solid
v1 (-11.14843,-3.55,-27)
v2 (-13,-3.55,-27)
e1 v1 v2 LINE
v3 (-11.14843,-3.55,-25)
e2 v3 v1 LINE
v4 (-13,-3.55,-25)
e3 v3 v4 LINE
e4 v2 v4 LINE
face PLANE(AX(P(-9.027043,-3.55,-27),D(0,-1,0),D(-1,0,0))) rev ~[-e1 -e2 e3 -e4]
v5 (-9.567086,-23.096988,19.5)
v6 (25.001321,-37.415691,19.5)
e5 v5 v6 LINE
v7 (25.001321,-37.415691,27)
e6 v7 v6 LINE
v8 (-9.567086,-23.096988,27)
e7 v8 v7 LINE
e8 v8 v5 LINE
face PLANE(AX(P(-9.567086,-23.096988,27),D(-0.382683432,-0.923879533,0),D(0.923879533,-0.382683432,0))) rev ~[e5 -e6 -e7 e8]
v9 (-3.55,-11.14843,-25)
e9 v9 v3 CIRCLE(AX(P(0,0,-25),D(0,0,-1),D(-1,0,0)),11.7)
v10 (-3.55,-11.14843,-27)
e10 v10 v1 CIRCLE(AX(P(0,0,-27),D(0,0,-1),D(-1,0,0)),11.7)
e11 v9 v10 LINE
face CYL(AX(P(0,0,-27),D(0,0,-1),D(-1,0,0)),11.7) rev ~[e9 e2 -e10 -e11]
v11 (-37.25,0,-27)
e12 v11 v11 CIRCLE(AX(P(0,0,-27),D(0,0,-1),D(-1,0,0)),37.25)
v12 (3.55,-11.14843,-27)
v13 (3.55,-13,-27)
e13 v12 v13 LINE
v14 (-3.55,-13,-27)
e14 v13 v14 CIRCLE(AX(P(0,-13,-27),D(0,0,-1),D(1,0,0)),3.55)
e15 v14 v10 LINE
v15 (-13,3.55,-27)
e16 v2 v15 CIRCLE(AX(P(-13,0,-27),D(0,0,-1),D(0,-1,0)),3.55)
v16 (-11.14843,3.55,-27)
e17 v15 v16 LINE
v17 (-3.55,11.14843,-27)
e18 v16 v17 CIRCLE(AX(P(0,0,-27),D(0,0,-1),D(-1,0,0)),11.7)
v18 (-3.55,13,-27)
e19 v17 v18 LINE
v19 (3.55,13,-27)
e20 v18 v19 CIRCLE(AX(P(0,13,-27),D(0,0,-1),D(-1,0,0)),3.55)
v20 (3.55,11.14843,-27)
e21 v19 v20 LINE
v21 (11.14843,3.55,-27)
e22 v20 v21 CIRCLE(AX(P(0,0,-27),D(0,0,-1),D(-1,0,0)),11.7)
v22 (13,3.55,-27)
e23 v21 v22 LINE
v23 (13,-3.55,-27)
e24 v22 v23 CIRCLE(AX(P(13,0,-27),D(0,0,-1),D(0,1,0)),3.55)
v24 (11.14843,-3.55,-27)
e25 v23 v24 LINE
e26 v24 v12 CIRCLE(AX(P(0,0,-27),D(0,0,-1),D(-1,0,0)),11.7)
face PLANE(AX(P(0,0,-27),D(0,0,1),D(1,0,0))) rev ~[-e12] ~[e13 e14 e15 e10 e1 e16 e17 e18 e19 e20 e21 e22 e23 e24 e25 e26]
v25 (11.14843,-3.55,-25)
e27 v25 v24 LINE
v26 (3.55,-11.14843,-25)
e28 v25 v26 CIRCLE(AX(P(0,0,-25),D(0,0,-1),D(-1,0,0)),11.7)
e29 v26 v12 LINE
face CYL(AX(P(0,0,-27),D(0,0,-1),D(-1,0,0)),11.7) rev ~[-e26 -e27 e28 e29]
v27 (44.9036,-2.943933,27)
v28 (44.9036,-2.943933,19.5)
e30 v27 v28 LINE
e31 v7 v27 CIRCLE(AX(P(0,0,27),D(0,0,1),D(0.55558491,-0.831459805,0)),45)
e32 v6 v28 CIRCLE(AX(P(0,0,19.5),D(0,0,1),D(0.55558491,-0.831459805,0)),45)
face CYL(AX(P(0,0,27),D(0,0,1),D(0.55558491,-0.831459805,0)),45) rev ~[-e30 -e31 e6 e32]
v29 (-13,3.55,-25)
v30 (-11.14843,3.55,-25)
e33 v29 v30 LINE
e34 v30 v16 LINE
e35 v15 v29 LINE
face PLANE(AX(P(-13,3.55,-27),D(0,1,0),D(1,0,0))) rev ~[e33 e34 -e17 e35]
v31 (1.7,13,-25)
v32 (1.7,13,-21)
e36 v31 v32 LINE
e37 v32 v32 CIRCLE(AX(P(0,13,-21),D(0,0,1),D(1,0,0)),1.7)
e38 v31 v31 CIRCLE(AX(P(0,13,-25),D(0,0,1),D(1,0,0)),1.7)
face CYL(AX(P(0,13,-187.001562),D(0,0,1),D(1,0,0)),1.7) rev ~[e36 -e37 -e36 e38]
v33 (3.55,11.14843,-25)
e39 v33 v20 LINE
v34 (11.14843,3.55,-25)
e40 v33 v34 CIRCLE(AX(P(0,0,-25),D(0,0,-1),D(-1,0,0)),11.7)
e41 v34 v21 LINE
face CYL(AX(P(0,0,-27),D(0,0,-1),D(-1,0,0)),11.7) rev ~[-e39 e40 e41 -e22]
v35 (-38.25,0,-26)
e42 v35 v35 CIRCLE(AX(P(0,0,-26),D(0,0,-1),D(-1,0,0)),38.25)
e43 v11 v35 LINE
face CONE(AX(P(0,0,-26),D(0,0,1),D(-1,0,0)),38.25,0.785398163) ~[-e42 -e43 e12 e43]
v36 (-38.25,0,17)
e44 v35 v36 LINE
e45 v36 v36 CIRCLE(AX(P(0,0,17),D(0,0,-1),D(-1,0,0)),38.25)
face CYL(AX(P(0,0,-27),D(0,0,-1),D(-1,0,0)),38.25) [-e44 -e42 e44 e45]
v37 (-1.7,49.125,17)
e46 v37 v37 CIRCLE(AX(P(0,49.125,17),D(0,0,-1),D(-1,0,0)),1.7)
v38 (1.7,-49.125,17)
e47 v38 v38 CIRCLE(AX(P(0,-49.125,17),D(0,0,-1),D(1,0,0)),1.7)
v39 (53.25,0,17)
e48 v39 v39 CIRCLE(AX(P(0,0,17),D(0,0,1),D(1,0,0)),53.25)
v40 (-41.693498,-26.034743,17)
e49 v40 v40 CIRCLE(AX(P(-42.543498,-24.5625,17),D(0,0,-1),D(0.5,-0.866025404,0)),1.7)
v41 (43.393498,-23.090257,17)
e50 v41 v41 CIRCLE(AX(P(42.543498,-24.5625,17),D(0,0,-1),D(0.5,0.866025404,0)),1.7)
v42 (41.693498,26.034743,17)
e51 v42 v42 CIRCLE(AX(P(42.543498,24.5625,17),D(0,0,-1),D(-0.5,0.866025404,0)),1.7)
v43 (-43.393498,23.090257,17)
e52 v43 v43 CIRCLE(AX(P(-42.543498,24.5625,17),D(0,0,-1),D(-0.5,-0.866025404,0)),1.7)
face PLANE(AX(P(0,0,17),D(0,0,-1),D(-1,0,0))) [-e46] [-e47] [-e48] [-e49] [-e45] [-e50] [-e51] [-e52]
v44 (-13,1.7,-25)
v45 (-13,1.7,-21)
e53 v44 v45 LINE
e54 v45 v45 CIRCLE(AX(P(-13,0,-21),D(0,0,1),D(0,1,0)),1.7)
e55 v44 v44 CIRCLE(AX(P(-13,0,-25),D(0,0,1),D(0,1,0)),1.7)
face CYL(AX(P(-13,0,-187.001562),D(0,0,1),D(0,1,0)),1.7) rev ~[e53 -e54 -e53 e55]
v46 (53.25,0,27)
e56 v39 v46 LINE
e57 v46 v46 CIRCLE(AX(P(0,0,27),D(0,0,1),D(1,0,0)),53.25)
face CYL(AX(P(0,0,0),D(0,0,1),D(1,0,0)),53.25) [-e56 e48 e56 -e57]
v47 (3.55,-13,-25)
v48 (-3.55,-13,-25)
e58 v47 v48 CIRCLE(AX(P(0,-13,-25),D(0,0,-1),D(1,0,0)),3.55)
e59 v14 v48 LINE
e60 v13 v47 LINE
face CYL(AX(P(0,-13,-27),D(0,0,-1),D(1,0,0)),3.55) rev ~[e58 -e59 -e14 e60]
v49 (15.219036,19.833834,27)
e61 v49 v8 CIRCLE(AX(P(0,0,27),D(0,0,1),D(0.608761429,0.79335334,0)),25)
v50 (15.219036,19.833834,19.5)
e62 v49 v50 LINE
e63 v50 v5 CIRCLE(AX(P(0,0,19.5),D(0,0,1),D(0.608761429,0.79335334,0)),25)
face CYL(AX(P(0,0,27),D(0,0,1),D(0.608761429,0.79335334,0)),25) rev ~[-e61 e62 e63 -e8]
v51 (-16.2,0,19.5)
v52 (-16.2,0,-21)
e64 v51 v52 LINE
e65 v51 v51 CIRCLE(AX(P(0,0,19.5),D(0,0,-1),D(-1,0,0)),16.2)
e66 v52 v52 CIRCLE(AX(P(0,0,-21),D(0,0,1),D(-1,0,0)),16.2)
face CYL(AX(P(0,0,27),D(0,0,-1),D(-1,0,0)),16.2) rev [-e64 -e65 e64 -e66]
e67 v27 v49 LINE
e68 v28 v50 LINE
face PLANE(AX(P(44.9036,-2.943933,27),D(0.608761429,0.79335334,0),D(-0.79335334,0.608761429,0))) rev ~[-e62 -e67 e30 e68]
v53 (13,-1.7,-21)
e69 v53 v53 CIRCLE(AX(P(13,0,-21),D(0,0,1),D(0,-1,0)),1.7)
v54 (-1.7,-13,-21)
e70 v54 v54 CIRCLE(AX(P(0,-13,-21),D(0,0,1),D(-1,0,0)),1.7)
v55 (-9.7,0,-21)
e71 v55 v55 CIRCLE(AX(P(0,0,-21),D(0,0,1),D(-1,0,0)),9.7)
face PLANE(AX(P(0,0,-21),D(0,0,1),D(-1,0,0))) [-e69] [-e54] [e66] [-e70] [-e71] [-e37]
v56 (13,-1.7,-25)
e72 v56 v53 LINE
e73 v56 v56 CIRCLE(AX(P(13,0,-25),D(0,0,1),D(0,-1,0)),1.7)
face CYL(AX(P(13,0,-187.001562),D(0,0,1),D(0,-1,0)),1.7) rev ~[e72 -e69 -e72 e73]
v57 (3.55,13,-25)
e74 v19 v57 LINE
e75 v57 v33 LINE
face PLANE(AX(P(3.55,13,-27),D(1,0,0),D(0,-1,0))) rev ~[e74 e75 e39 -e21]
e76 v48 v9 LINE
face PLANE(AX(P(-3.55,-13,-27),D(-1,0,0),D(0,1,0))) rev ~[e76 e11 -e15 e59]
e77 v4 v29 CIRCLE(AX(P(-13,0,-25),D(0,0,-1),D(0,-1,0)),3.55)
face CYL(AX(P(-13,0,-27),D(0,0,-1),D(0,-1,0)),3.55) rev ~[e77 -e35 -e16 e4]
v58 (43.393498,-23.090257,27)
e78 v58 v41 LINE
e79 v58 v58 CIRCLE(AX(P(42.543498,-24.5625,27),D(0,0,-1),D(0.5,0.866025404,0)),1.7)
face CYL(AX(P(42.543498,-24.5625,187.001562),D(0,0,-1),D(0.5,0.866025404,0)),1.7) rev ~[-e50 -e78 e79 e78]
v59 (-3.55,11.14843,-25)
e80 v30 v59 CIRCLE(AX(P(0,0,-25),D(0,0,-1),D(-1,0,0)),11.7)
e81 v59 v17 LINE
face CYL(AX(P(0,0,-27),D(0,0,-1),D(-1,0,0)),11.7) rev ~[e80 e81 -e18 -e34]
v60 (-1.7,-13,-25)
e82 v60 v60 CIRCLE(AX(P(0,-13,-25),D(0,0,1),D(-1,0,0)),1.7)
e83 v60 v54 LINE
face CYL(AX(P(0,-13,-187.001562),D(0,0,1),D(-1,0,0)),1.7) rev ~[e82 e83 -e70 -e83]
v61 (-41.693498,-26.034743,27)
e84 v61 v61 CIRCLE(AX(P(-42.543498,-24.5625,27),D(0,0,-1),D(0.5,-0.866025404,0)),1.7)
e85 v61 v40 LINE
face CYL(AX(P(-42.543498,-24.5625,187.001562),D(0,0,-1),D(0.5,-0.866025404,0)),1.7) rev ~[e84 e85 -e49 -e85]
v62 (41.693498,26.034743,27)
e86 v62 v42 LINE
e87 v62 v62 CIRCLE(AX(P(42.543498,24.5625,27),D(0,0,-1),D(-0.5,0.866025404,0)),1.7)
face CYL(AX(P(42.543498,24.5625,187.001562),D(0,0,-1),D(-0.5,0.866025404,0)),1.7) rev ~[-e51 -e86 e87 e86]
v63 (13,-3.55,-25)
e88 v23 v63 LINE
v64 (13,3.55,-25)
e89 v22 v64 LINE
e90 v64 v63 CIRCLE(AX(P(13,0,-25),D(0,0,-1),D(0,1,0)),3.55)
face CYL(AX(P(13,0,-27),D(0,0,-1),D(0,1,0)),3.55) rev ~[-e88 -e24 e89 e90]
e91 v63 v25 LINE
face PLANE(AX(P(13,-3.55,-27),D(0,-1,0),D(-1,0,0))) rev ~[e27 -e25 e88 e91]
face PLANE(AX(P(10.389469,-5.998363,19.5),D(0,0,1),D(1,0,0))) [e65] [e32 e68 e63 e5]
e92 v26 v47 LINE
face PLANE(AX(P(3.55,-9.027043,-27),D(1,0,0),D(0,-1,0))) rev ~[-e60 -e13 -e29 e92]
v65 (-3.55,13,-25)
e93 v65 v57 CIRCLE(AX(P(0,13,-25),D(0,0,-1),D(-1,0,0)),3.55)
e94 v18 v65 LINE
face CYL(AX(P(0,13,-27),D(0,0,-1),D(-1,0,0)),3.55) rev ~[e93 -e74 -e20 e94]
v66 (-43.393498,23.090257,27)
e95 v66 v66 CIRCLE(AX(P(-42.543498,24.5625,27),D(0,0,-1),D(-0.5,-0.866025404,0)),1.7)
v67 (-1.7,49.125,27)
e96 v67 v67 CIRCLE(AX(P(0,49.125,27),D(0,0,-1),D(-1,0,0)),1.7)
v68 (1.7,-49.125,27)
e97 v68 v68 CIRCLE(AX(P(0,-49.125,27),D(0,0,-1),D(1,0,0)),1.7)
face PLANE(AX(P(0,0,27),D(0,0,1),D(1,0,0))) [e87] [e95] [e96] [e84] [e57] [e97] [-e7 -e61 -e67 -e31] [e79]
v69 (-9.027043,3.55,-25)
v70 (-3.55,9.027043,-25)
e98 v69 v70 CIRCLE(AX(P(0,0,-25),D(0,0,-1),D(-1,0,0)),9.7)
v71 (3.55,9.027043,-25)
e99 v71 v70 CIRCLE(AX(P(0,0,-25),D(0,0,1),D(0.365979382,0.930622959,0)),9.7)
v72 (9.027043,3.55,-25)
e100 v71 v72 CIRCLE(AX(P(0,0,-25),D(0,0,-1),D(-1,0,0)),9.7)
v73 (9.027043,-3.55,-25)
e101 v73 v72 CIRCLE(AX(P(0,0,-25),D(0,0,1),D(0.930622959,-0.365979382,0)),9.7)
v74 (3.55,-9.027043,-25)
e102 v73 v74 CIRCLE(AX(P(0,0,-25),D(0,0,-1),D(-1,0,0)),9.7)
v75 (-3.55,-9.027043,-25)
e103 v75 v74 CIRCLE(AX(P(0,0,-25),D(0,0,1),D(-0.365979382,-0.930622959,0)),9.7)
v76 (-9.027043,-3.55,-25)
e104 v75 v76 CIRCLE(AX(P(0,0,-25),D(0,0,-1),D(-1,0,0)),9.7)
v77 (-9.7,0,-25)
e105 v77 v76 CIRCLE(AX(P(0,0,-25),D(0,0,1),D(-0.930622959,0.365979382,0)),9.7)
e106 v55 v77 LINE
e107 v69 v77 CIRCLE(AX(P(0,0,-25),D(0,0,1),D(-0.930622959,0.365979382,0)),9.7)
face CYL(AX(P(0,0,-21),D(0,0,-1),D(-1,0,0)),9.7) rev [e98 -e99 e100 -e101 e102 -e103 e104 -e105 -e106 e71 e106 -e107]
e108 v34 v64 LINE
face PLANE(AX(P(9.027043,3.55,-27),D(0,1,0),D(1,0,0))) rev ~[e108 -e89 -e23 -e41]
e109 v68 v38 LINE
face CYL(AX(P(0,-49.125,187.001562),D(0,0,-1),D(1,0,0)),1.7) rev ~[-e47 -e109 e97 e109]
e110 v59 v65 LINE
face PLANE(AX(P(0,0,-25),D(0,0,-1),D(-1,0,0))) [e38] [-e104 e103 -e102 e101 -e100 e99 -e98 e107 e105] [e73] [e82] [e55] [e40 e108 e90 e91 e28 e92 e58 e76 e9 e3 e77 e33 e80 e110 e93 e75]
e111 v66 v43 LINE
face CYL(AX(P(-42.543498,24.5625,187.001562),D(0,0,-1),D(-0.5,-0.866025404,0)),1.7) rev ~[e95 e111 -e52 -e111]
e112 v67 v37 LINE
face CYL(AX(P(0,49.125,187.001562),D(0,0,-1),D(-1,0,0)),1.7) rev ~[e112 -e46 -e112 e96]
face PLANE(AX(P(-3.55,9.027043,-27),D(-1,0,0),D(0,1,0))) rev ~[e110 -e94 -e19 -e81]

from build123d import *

# Parameters (mm, degrees)
SKETCH1_R            = 53.25
BOSS_EXTRUDE1_DEPTH  = 27
SKETCH2_OUTSIDE_W    = 140.5
SKETCH2_OUTSIDE_H    = 140.5
SKETCH2_OUTSIDE_R    = 38.25
CUT_EXTRUDE1_DEPTH   = 44
M3_CLEARANCE_HOLE2_D = 3.4
CIRPATTERN1_COUNT    = 6
CUT_EXTRUDE3_DEPTH   = 7.5
M3_CLEARANCE_HOLE1_D = 3.4
CUT_EXTRUDE4_DEPTH   = 2
CIRPATTERN2_COUNT    = 4
SKETCH14_R           = 11.7
CUT_EXTRUDE5_DEPTH   = 2
CHAMFER1_SIZE        = 1


with BuildPart() as part:
    # Sketch1 → Boss-Extrude1 (new, symmetric)
    with BuildSketch(Plane.XY):
        Circle(SKETCH1_R)
    extrude(amount=BOSS_EXTRUDE1_DEPTH, both=True)

    # Sketch2 outside → Cut-Extrude1 (cut)
    with BuildSketch(Plane(origin=(0, 0, -27), x_dir=(-1, 0, 0), z_dir=(0, 0, -1))):
        Rectangle(SKETCH2_OUTSIDE_W, SKETCH2_OUTSIDE_H)
        Circle(SKETCH2_OUTSIDE_R, mode=Mode.SUBTRACT)
    extrude(amount=-CUT_EXTRUDE1_DEPTH, mode=Mode.SUBTRACT)

    # M3 Clearance Hole2 (through all)
    with Locations(Plane.XY.offset(27)):
        with Locations((0, 49.125)):
            m3_clearance_hole2 = Hole(M3_CLEARANCE_HOLE2_D / 2)

    # CirPattern1: M3 Clearance Hole2 ×6 about axis
    cirpattern1_axis = Axis((0, 0, 0), (0, 0, 1))
    for i in range(1, CIRPATTERN1_COUNT):
        add(m3_clearance_hole2.rotate(cirpattern1_axis, i * 360 / CIRPATTERN1_COUNT), mode=Mode.SUBTRACT)

    # Sketch6 → Cut-Revolve1 (revolve, cut)
    with BuildSketch(Plane(origin=(0, 0, 0), x_dir=(0, 0, -1), z_dir=(1, 0, 0)), mode=Mode.PRIVATE) as cut_revolve1_sk:
        Polygon((27, 0), (-27, 0), (-27, 16.2), (21, 16.2), (21, 9.7), (27, 9.7), align=None)
    revolve(cut_revolve1_sk.sketch.rotate(Axis((0, 0, -27), (0, 0, 1)), 90), axis=Axis((0, 0, -27), (0, 0, 1)), mode=Mode.SUBTRACT)

    # Sketch11 → Cut-Extrude3 (cut)
    with BuildSketch(Plane.XY.offset(27)):
        with BuildLine():
            Line((-9.567085809, -23.096988313), (25.001320964, -37.415691228))
            ThreePointArc((25.001320964, -37.415691228), (38.97114317, -22.5), (44.903599585, -2.943933469))
            Line((44.903599585, -2.943933469), (15.219035725, 19.833833507))
            ThreePointArc((15.219035725, 19.833833507), (-21.650635095, 12.5), (-9.567085809, -23.096988313))
        make_face()
    extrude(amount=-CUT_EXTRUDE3_DEPTH, mode=Mode.SUBTRACT)

    # M3 Clearance Hole1 (through all)
    with Locations(Plane(origin=(0, 0, -27), x_dir=(-1, 0, 0), z_dir=(0, 0, -1))):
        with Locations((0, 13)):
            m3_clearance_hole1 = Hole(M3_CLEARANCE_HOLE1_D / 2)

    # Sketch13 → Cut-Extrude4 (cut)
    with BuildSketch(Plane(origin=(0, 0, -27), x_dir=(-1, 0, 0), z_dir=(0, 0, -1))):
        with BuildLine():
            Line((-3.55, 13), (-3.55, 9.027042705))
            ThreePointArc((-3.55, 9.027042705), (0, 9.7), (3.55, 9.027042705))
            Line((3.55, 9.027042705), (3.55, 13))
            ThreePointArc((3.55, 13), (0, 16.55), (-3.55, 13))
        make_face()
    cut_extrude4 = extrude(amount=-CUT_EXTRUDE4_DEPTH, mode=Mode.SUBTRACT)

    # CirPattern2: M3 Clearance Hole1, Cut-Extrude4 ×4 about axis
    cirpattern2_axis = Axis((0, 0, 0), (0, 0, 1))
    add([m3_clearance_hole1.rotate(cirpattern2_axis, i * 360 / CIRPATTERN2_COUNT) for i in range(1, CIRPATTERN2_COUNT)], mode=Mode.SUBTRACT)
    add([cut_extrude4.rotate(cirpattern2_axis, i * 360 / CIRPATTERN2_COUNT) for i in range(1, CIRPATTERN2_COUNT)], mode=Mode.SUBTRACT)

    # Sketch14 → Cut-Extrude5 (cut)
    with BuildSketch(Plane(origin=(0, 0, -27), x_dir=(-1, 0, 0), z_dir=(0, 0, -1))):
        Circle(SKETCH14_R)
    extrude(amount=-CUT_EXTRUDE5_DEPTH, mode=Mode.SUBTRACT)

    # Chamfer1
    chamfer1_edges = [part.edges().sort_by_distance(p)[0] for p in [
        (38.25, 0, -27),
    ]]
    chamfer(chamfer1_edges, length=CHAMFER1_SIZE)


solid = part.part
